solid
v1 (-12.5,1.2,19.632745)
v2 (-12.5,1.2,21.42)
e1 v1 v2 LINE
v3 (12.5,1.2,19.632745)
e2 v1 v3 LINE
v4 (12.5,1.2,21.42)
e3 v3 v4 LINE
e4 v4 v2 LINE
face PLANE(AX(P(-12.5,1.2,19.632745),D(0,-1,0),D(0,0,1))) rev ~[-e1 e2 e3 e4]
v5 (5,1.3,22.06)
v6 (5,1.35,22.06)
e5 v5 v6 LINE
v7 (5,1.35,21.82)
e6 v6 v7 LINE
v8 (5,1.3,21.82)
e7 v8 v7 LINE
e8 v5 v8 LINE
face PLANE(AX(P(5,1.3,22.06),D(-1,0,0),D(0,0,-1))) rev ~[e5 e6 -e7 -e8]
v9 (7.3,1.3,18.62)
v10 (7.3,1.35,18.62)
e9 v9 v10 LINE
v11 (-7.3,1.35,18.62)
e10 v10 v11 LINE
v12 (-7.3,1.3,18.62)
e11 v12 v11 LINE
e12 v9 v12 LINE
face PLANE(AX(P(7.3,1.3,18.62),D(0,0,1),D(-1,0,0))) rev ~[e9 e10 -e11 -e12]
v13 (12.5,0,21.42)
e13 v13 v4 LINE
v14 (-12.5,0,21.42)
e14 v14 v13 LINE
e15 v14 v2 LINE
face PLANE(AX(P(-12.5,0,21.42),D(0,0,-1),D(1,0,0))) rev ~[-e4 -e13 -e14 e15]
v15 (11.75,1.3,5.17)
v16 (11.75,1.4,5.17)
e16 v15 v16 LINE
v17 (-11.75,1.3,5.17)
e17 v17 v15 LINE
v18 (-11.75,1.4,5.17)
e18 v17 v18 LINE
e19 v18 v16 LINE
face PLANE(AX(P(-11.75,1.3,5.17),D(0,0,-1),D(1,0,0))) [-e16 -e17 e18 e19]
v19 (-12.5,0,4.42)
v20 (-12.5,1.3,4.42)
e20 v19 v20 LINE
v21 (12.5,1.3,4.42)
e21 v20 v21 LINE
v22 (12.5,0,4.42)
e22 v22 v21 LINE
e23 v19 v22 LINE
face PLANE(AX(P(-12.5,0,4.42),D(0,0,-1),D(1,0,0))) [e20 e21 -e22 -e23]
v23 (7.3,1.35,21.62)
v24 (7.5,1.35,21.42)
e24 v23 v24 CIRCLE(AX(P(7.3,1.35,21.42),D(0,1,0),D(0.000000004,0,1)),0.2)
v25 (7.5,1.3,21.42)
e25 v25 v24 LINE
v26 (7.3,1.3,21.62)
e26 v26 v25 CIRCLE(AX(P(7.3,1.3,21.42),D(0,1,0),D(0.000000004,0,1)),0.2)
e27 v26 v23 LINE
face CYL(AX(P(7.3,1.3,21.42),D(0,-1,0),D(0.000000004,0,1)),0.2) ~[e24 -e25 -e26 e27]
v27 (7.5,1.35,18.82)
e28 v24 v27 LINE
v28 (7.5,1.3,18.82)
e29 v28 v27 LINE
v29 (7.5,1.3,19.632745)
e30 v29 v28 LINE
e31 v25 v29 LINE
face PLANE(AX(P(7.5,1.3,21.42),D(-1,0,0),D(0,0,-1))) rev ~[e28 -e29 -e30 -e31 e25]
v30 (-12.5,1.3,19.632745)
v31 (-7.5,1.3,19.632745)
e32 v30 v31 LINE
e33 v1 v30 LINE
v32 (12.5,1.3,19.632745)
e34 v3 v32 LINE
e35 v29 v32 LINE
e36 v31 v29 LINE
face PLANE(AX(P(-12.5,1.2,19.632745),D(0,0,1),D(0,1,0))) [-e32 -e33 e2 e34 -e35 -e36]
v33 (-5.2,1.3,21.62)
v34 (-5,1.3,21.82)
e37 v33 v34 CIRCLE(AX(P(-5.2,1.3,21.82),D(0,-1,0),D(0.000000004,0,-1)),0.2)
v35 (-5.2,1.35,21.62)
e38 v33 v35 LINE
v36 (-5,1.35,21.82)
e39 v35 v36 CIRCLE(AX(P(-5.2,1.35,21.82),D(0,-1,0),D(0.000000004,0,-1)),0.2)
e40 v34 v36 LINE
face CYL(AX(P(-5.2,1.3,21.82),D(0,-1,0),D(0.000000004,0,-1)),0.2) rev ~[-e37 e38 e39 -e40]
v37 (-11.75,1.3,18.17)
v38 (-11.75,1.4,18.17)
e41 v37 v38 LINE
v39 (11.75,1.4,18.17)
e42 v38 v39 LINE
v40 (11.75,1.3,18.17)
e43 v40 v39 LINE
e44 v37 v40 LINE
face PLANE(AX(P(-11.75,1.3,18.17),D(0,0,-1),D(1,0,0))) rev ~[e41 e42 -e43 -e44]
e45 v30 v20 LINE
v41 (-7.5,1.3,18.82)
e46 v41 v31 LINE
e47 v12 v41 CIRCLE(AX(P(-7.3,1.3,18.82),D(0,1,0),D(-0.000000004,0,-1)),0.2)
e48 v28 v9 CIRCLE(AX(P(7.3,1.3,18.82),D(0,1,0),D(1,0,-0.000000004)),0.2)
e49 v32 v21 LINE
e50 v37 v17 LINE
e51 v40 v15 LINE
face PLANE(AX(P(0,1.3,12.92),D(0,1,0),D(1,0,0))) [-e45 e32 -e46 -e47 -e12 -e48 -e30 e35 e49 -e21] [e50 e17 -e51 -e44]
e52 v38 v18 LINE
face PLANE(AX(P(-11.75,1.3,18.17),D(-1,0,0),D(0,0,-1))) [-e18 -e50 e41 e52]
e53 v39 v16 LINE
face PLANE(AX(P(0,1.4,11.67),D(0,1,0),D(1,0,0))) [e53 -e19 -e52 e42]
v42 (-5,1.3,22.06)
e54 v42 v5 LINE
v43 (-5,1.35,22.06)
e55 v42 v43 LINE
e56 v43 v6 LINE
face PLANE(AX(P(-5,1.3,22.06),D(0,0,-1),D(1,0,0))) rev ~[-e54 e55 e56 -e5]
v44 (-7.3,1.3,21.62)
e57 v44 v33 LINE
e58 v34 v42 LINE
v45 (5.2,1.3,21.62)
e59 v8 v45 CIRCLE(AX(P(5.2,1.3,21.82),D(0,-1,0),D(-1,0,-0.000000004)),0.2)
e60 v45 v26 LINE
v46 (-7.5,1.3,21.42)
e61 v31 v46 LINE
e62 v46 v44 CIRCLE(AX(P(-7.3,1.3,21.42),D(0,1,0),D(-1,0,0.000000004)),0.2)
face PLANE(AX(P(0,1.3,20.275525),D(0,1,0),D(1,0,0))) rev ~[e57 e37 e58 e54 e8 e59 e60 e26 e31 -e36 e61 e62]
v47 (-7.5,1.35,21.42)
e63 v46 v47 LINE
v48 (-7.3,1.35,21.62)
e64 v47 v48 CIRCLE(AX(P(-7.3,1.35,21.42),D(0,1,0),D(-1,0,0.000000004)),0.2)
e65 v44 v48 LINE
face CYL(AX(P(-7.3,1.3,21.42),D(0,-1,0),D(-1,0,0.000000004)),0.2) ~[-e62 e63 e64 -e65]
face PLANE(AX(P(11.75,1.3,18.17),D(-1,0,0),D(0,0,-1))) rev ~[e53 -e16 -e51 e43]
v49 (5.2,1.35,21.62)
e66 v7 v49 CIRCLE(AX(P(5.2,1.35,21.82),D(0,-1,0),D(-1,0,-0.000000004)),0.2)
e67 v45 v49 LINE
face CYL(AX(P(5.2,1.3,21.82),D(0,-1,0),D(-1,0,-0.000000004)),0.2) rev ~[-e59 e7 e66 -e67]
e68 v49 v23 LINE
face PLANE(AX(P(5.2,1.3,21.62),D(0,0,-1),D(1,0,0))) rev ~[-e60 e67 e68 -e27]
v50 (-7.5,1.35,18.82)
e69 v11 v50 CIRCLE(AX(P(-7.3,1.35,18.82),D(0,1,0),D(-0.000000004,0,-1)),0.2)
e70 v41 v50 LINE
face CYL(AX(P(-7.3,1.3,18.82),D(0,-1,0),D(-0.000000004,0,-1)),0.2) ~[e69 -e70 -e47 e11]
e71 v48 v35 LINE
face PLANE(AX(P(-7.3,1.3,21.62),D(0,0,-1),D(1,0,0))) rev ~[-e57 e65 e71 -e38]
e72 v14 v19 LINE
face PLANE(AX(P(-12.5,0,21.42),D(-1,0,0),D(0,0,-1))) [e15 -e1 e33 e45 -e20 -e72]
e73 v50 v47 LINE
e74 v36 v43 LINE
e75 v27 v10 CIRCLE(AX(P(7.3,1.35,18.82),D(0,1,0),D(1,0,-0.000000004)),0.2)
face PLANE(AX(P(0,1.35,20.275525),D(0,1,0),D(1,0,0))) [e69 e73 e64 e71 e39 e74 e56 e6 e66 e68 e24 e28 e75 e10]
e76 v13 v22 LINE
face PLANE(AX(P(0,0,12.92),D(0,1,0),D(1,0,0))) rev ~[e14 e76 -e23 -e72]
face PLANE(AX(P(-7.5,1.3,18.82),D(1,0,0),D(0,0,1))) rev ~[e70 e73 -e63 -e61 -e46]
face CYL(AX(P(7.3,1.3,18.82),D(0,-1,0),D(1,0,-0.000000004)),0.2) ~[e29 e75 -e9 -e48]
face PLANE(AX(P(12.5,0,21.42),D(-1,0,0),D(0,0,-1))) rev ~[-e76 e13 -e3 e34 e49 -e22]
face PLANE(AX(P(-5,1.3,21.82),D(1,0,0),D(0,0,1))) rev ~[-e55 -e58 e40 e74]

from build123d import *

# Parameters (mm, degrees)
SKETCH3_W           = 25
SKETCH3_H           = 17
BOSS_EXTRUDE3_DEPTH = 1.3
SKETCH4_W           = 4.047255343
SKETCH4_H           = 0.65
CUT_EXTRUDE1_DEPTH  = 30.3
SKETCH6_W           = 23.5
SKETCH6_H           = 13
BOSS_EXTRUDE4_DEPTH = 0.1
BOSS_EXTRUDE6_DEPTH = 0.05


with BuildPart() as part:
    # Sketch3 → Boss-Extrude3 (new body)
    with BuildSketch(Plane(origin=(0, 0, 0), x_dir=(1, 0, 0), z_dir=(0, 1, 0))):
        with Locations((0, -12.92)):
            Rectangle(SKETCH3_W, SKETCH3_H)
    extrude(amount=BOSS_EXTRUDE3_DEPTH)

    # Sketch4 → Cut-Extrude1 (cut)
    with BuildSketch(Plane.ZY.offset(12.5)):
        with Locations((21.656372328, 1.525)):
            Rectangle(SKETCH4_W, SKETCH4_H)
    extrude(amount=-CUT_EXTRUDE1_DEPTH, mode=Mode.SUBTRACT)

    # Sketch6 → Boss-Extrude4 (add)
    with BuildSketch(Plane(origin=(0, 1.3, 0), x_dir=(1, 0, 0), z_dir=(0, 1, 0))):
        with Locations((0, -11.67)):
            Rectangle(SKETCH6_W, SKETCH6_H)
    extrude(amount=BOSS_EXTRUDE4_DEPTH)

    # Sketch10 → Boss-Extrude6 (add)
    with BuildSketch(Plane(origin=(0, 1.3, 0), x_dir=(1, 0, 0), z_dir=(0, 1, 0))):
        with BuildLine():
            Line((-5, -21.82), (-5, -22.06))
            Line((-5, -22.06), (5, -22.06))
            Line((5, -22.06), (5, -21.82))
            ThreePointArc((5, -21.82), (5.058578644, -21.678578644), (5.2, -21.62))
            Line((5.2, -21.62), (7.3, -21.62))
            ThreePointArc((7.3, -21.62), (7.441421356, -21.561421356), (7.5, -21.42))
            Line((7.5, -21.42), (7.5, -18.82))
            ThreePointArc((7.5, -18.82), (7.441421356, -18.678578644), (7.3, -18.62))
            Line((7.3, -18.62), (-7.3, -18.62))
            ThreePointArc((-7.3, -18.62), (-7.441421356, -18.678578644), (-7.5, -18.82))
            Line((-7.5, -18.82), (-7.5, -21.42))
            ThreePointArc((-7.5, -21.42), (-7.441421356, -21.561421356), (-7.3, -21.62))
            Line((-7.3, -21.62), (-5.2, -21.62))
            ThreePointArc((-5.2, -21.62), (-5.058578644, -21.678578644), (-5, -21.82))
        make_face()
    extrude(amount=BOSS_EXTRUDE6_DEPTH)


solid = part.part
